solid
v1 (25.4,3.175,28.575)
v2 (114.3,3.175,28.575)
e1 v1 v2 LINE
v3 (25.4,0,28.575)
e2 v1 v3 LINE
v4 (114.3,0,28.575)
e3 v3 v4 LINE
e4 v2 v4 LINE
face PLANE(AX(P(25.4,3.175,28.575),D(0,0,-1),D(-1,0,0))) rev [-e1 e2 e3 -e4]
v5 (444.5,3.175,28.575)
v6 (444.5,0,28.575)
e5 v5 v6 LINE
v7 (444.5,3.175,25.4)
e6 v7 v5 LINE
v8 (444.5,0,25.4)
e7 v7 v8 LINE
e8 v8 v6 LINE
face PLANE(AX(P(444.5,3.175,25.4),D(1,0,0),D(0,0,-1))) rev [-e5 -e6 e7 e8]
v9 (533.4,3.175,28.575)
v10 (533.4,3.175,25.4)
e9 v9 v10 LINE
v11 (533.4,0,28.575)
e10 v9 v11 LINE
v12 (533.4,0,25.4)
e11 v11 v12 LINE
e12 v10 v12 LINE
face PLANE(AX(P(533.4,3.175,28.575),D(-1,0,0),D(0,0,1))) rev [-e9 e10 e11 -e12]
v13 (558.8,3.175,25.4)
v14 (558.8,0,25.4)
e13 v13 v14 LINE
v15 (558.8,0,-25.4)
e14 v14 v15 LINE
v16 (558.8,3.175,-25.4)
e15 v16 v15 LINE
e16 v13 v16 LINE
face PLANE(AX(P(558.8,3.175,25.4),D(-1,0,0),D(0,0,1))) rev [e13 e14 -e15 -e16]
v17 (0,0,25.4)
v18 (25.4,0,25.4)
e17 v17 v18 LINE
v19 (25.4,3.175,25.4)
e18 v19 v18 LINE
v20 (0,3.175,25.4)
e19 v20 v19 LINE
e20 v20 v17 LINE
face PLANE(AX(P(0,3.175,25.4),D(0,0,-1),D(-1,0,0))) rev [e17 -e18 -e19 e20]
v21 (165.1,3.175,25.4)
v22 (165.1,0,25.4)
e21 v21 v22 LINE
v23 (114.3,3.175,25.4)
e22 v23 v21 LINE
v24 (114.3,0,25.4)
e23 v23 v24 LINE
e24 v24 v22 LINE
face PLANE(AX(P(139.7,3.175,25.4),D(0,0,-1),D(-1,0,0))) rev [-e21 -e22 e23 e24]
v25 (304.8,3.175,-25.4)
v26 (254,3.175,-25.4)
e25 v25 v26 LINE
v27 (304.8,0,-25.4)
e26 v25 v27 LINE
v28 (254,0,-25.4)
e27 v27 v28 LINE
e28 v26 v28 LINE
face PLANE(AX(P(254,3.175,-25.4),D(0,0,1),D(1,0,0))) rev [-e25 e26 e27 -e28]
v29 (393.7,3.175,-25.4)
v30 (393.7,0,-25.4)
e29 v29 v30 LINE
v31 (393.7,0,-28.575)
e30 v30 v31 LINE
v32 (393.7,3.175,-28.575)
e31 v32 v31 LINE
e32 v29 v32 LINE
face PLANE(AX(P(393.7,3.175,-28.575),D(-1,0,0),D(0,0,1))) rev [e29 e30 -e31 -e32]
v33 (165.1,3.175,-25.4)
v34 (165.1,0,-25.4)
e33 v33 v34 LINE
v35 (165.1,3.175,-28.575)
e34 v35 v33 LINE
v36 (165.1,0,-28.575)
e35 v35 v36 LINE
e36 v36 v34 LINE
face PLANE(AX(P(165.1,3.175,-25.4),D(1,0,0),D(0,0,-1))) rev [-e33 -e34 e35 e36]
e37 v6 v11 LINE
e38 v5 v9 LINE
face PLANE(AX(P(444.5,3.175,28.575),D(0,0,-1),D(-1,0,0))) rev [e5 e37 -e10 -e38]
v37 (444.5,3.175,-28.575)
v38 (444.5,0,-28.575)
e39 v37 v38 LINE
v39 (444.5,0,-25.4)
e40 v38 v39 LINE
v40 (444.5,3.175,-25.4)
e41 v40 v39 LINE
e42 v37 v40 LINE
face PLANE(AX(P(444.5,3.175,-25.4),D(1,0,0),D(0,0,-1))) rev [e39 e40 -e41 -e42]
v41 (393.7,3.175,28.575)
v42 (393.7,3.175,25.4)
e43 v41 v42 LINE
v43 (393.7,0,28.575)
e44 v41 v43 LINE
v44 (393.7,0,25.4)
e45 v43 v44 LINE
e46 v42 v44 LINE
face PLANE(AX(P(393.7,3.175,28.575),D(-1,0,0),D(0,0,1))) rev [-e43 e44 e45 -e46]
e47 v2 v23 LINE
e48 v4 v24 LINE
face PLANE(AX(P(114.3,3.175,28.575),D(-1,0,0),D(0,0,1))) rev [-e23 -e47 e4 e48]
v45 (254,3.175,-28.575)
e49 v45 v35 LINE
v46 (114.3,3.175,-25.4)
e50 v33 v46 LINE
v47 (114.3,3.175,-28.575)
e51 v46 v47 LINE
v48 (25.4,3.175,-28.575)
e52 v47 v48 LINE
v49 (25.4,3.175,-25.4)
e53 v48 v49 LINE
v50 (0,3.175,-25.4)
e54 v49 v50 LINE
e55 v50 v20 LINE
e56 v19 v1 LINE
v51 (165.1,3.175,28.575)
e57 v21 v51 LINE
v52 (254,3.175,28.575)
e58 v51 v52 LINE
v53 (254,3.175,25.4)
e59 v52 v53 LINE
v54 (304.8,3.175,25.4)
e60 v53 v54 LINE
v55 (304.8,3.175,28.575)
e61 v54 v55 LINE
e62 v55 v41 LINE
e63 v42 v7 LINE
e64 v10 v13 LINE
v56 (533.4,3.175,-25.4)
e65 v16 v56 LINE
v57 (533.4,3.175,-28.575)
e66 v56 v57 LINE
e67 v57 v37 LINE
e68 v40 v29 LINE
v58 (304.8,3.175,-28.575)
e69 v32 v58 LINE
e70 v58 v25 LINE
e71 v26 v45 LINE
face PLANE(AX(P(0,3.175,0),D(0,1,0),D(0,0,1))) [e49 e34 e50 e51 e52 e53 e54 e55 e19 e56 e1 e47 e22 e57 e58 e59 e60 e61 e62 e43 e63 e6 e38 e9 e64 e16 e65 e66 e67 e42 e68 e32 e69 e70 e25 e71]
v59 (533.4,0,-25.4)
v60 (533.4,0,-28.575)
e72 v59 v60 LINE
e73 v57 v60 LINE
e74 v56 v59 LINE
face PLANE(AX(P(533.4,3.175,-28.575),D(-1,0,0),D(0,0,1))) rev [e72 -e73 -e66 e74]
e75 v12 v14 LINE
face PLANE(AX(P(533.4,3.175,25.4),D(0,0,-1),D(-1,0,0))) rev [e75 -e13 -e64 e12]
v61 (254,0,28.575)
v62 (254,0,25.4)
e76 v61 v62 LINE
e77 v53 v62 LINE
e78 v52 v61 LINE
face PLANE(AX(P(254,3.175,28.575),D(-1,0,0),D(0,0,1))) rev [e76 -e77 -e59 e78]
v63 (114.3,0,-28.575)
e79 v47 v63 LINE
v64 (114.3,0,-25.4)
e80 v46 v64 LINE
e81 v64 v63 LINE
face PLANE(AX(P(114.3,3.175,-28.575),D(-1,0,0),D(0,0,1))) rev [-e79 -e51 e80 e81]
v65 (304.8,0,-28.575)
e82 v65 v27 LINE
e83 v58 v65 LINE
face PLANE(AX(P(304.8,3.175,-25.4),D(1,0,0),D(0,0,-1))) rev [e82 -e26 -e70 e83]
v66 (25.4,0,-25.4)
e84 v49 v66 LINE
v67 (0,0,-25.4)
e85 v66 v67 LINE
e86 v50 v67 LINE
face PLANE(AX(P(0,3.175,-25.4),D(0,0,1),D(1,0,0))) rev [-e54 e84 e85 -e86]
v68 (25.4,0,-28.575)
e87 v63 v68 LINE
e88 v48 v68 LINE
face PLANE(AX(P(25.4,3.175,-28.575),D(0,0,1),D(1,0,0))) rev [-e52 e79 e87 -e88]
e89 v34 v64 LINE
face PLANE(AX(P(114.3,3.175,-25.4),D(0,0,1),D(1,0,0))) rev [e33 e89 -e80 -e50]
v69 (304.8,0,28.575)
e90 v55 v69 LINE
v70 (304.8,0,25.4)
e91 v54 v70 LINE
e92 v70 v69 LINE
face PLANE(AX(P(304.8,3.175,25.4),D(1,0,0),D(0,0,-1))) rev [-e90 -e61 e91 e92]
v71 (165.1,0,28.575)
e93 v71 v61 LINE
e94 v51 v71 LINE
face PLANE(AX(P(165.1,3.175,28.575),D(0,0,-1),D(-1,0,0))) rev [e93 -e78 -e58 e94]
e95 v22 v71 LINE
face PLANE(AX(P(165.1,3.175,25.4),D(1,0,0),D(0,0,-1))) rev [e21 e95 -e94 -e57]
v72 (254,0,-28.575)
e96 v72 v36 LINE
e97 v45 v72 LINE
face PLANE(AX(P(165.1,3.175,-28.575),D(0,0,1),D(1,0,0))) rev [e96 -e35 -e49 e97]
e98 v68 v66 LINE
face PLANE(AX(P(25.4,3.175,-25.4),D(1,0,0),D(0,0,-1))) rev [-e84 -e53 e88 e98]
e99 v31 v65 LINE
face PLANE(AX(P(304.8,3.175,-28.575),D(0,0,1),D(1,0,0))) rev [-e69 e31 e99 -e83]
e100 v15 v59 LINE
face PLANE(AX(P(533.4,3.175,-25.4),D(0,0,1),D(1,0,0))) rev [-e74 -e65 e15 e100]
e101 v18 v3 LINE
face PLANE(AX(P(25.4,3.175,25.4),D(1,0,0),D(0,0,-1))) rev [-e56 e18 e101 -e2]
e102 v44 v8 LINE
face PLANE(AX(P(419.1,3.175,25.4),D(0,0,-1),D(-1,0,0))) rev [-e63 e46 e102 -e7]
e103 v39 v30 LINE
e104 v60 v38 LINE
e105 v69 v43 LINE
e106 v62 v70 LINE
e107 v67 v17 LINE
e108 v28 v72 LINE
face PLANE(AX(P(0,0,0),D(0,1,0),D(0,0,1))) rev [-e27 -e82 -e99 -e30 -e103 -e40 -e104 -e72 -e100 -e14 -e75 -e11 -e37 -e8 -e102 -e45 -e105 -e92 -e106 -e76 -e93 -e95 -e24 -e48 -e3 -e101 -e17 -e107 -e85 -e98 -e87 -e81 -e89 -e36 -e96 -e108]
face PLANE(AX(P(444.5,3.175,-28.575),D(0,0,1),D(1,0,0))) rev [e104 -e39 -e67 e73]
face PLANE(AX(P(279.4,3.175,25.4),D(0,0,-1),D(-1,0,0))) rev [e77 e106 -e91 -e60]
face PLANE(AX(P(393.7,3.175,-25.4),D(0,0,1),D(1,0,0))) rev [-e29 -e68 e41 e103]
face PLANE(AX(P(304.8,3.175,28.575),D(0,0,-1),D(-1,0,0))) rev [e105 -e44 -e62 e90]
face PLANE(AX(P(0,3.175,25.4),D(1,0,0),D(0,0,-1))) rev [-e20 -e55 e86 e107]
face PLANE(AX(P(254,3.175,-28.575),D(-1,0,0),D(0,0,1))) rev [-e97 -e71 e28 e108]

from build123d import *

# Parameters (mm, degrees)
BOSS_EXTRUDE1_DEPTH = 3.175


with BuildPart() as part:
    # Sketch1 → Boss-Extrude1 (new body)
    with BuildSketch(Plane(origin=(0, 0, 0), x_dir=(1, 0, 0), z_dir=(0, 1, 0))):
        Polygon((0, -25.4), (0, 25.4), (25.4, 25.4), (25.4, 28.575), (114.3, 28.575), (114.3, 25.4), (139.7, 25.4), (165.1, 25.4), (165.1, 28.575), (254, 28.575), (254, 25.4), (279.4, 25.4), (304.8, 25.4), (304.8, 28.575), (393.7, 28.575), (393.7, 25.4), (419.1, 25.4), (444.5, 25.4), (444.5, 28.575), (533.4, 28.575), (533.4, 25.4), (558.8, 25.4), (558.8, -25.4), (533.4, -25.4), (533.4, -28.575), (444.5, -28.575), (444.5, -25.4), (419.1, -25.4), (393.7, -25.4), (393.7, -28.575), (304.8, -28.575), (304.8, -25.4), (279.4, -25.4), (254, -25.4), (254, -28.575), (165.1, -28.575), (165.1, -25.4), (139.7, -25.4), (114.3, -25.4), (114.3, -28.575), (25.4, -28.575), (25.4, -25.4), align=None)
    extrude(amount=BOSS_EXTRUDE1_DEPTH)


solid = part.part
